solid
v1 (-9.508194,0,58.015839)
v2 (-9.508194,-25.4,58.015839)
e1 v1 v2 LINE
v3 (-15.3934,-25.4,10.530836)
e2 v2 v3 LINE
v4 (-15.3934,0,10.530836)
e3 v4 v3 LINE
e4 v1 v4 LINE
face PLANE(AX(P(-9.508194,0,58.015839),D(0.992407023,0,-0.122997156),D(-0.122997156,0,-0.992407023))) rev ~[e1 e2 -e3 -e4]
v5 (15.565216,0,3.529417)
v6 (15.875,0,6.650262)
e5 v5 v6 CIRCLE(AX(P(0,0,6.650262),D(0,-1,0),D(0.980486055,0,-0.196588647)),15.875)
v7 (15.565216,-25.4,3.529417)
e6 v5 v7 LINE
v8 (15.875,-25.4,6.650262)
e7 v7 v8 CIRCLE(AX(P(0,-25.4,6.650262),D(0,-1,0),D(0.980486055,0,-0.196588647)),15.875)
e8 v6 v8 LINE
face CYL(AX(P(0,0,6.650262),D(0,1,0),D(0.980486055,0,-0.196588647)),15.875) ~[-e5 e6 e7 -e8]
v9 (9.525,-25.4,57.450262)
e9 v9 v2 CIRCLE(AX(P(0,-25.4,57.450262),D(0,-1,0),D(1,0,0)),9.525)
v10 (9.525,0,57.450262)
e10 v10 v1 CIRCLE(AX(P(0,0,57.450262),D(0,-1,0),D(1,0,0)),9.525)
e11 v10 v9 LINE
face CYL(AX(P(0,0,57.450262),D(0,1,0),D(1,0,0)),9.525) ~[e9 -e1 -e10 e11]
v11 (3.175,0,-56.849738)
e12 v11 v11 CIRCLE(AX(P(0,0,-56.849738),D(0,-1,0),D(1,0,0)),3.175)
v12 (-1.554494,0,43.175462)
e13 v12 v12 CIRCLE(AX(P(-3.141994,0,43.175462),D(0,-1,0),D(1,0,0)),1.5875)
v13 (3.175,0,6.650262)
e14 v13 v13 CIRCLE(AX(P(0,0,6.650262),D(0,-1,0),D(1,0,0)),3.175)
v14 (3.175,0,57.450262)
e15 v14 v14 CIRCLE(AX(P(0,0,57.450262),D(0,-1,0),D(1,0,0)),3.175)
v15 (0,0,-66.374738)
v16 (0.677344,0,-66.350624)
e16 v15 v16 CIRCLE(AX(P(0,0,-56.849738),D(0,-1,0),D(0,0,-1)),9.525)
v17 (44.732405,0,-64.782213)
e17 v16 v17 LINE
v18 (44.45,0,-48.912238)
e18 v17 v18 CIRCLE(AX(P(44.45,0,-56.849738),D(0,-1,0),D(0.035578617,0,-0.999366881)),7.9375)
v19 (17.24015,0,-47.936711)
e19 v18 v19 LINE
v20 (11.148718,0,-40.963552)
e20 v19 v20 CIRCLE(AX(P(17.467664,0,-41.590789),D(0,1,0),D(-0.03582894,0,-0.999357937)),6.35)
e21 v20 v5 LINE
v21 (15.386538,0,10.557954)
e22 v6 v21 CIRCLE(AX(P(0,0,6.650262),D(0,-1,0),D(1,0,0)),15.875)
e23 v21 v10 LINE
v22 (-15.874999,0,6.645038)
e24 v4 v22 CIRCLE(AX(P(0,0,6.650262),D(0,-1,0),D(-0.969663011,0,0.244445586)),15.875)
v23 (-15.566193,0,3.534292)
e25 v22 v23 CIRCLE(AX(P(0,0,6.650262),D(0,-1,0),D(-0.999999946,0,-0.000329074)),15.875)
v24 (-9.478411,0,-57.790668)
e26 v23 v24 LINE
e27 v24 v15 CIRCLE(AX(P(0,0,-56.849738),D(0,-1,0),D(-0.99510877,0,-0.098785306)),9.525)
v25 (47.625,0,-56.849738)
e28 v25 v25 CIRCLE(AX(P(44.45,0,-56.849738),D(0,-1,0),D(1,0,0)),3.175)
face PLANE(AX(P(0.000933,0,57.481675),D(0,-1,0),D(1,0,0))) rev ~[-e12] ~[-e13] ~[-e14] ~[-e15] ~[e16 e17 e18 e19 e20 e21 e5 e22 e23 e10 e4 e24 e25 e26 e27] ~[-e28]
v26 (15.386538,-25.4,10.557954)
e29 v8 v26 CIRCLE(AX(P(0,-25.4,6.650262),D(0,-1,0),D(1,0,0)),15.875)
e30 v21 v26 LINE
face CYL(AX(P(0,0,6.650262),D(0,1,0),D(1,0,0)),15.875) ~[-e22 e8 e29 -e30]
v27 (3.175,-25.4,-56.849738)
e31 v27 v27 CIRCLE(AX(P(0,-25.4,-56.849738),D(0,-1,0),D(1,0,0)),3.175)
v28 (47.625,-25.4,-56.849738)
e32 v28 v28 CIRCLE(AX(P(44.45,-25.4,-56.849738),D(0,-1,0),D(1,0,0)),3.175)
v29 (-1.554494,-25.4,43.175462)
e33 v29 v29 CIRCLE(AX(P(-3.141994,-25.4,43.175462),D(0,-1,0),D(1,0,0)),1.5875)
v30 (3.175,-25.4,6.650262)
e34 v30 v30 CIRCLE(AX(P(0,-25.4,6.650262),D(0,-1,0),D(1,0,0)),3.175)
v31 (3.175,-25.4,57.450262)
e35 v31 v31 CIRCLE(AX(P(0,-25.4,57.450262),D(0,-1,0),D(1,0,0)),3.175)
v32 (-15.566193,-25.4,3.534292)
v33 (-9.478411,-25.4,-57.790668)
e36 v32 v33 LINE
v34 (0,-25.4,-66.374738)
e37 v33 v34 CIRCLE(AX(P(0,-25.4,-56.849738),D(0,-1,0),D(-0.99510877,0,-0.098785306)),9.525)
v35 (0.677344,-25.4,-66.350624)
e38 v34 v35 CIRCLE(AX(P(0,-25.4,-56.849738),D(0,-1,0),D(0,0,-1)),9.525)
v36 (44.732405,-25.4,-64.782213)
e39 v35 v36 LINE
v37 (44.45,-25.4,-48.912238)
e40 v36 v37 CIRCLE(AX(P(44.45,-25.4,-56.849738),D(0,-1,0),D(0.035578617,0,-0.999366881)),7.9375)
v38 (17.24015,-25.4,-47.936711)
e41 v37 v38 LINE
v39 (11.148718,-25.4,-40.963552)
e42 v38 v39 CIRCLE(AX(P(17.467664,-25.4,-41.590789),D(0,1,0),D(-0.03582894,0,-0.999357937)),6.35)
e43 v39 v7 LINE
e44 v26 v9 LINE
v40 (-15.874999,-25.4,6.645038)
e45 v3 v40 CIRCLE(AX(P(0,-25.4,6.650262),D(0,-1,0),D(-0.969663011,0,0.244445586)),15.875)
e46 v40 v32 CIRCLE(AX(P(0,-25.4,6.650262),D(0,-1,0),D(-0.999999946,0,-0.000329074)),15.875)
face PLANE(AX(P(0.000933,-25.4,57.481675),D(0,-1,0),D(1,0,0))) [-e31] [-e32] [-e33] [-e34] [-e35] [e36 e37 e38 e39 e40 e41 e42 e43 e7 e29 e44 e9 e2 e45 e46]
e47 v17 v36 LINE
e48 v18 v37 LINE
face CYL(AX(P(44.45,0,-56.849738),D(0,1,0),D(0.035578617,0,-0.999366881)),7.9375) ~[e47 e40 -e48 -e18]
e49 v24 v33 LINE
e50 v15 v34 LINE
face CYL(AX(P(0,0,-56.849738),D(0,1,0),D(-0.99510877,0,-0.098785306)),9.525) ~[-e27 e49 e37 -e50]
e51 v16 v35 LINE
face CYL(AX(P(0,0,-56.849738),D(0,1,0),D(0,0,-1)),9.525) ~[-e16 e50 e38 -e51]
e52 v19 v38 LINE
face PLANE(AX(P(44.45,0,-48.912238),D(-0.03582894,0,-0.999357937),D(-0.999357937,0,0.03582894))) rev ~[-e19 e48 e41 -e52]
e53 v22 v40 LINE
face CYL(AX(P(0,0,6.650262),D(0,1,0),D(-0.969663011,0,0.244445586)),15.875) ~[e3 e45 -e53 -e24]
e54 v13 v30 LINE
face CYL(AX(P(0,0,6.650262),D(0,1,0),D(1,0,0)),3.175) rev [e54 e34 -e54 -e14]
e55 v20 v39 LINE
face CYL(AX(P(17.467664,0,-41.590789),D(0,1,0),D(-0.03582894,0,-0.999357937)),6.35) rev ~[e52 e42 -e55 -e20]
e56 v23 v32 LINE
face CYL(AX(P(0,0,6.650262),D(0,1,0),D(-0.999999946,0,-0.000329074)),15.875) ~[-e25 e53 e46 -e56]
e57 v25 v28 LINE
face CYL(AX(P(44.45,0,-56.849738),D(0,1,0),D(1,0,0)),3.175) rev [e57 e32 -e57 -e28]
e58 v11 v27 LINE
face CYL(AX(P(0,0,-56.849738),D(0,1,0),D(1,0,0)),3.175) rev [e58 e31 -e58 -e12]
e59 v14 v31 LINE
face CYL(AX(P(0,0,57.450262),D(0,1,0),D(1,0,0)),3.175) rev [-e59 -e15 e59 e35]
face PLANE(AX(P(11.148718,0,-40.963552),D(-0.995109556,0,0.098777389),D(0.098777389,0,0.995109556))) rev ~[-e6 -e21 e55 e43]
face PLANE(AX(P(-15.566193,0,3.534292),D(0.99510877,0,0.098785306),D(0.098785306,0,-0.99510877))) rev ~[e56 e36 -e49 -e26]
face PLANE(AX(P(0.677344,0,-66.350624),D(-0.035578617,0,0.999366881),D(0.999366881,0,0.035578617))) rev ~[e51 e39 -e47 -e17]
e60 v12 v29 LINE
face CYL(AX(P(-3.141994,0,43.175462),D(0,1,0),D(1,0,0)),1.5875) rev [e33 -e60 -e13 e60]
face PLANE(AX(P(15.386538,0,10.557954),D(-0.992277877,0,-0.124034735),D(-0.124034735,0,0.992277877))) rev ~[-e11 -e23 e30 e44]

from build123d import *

# Parameters (mm, degrees)
F0_R     = 3.175
F0_R_2   = 1.5875
F1_DEPTH = 25.4


with BuildPart() as f1:
    # F0 (on Front) → F1 (new body)
    with BuildSketch(Plane.XZ):
        with BuildLine():
            ThreePointArc((-9.5081937086, 58.0158391523), (-0.2829133485, 47.9294646022), (9.525, 57.4502621022))
            ThreePointArc((9.525, 57.4502621022), (0.2829133485, 66.9710596023), (-9.5081937086, 58.0158391523))
        make_face()
        with Locations((0, 57.4502621022)):
            Circle(F0_R, mode=Mode.SUBTRACT)
        with BuildLine():
            Line((15.3865384615, 10.5579544099), (9.525, 57.4502621022))
            ThreePointArc((9.525, 57.4502621022), (-0.2829133485, 47.9294646022), (-9.5081937086, 58.0158391523))
            Line((-9.5081937086, 58.0158391523), (-15.393400304, 10.5308357814))
            ThreePointArc((-15.393400304, 10.5308357814), (-0.0139866445, 22.5252559408), (15.3865384615, 10.5579544099))
        make_face()
        with Locations((-3.1419943552, 43.1754621022)):
            Circle(F0_R_2, mode=Mode.SUBTRACT)
        with BuildLine():
            Line((15.875, 6.6502621022), (15.3865384615, 10.5579544099))
            ThreePointArc((15.3865384615, 10.5579544099), (-0.0139866445, 22.5252559408), (-15.393400304, 10.5308357814))
            Line((-15.393400304, 10.5308357814), (-15.8749991405, 6.6450380613))
            Line((-15.8749991405, 6.6450380613), (-15.5661926872, 3.5342919124))
            ThreePointArc((-15.5661926872, 3.5342919124), (-0.002485721, -9.2247377032), (15.5652161214, 3.5294173299))
            Line((15.5652161214, 3.5294173299), (15.875, 6.6502621022))
        make_face()
        with Locations((0, 6.6502621022)):
            Circle(F0_R, mode=Mode.SUBTRACT)
        with BuildLine():
            ThreePointArc((15.875, 6.6502621022), (15.7524112928, 8.6193135138), (15.3865384615, 10.5579544099))
            Line((15.3865384615, 10.5579544099), (15.875, 6.6502621022))
        make_face()
        with BuildLine():
            Line((-15.8749991405, 6.6450380613), (-15.393400304, 10.5308357814))
            ThreePointArc((-15.393400304, 10.5308357814), (-15.754461493, 8.6028419507), (-15.8749991405, 6.6450380613))
        make_face()
        with BuildLine():
            ThreePointArc((15.5652161214, 3.5294173299), (15.7973641936, 5.0821710538), (15.875, 6.6502621022))
            Line((15.875, 6.6502621022), (15.5652161214, 3.5294173299))
        make_face()
        with BuildLine():
            Line((-15.5661926872, 3.5342919124), (-15.8749991405, 6.6450380613))
            ThreePointArc((-15.8749991405, 6.6450380613), (-15.7973517175, 5.0820453721), (-15.5661926872, 3.5342919124))
        make_face()
        with BuildLine():
            Line((11.1487181344, -40.9635521522), (15.5652161214, 3.5294173299))
            ThreePointArc((15.5652161214, 3.5294173299), (-0.002485721, -9.2247377032), (-15.5661926872, 3.5342919124))
            Line((-15.5661926872, 3.5342919124), (-9.4784110305, -57.7906679359))
            ThreePointArc((-9.4784110305, -57.7906679359), (-0.4710413646, -47.33639227), (9.525, -56.8497378978))
            ThreePointArc((9.525, -56.8497378978), (6.9705567315, -63.341036986), (0.6773435479, -66.3506236838))
            Line((0.6773435479, -66.3506236838), (44.7324052746, -64.7822125124))
            ThreePointArc((44.7324052746, -64.7822125124), (36.5137564458, -56.9909628899), (44.45, -48.9122378978))
            Line((44.45, -48.9122378978), (17.2401500444, -47.9367114742))
            ThreePointArc((17.2401500444, -47.9367114742), (12.6853766448, -45.7683751299), (11.1487181344, -40.9635521522))
        make_face()
        with BuildLine():
            ThreePointArc((9.525, -56.8497378978), (-0.4710413646, -47.33639227), (-9.4784110305, -57.7906679359))
            ThreePointArc((-9.4784110305, -57.7906679359), (-6.393874662, -63.9097656461), (0, -66.3747378978))
            Line((0, -66.3747378978), (0.6773435479, -66.3506236838))
            ThreePointArc((0.6773435479, -66.3506236838), (6.9705567315, -63.341036986), (9.525, -56.8497378978))
        make_face()
        with Locations((0, -56.8497378978)):
            Circle(F0_R, mode=Mode.SUBTRACT)
        with BuildLine():
            Line((0.6773435479, -66.3506236838), (0, -66.3747378978))
            ThreePointArc((0, -66.3747378978), (0.3388863295, -66.3687074353), (0.6773435479, -66.3506236838))
        make_face()
        with BuildLine():
            ThreePointArc((52.3875, -56.8497378978), (50.0626600757, -51.2370778221), (44.45, -48.9122378978))
            ThreePointArc((44.45, -48.9122378978), (36.5137564458, -56.9909628899), (44.7324052746, -64.7822125124))
            ThreePointArc((44.7324052746, -64.7822125124), (50.1616327839, -62.3616483825), (52.3875, -56.8497378978))
        make_face()
        with Locations((44.45, -56.8497378978)):
            Circle(F0_R, mode=Mode.SUBTRACT)
    extrude(amount=F1_DEPTH)


solid = f1.part
